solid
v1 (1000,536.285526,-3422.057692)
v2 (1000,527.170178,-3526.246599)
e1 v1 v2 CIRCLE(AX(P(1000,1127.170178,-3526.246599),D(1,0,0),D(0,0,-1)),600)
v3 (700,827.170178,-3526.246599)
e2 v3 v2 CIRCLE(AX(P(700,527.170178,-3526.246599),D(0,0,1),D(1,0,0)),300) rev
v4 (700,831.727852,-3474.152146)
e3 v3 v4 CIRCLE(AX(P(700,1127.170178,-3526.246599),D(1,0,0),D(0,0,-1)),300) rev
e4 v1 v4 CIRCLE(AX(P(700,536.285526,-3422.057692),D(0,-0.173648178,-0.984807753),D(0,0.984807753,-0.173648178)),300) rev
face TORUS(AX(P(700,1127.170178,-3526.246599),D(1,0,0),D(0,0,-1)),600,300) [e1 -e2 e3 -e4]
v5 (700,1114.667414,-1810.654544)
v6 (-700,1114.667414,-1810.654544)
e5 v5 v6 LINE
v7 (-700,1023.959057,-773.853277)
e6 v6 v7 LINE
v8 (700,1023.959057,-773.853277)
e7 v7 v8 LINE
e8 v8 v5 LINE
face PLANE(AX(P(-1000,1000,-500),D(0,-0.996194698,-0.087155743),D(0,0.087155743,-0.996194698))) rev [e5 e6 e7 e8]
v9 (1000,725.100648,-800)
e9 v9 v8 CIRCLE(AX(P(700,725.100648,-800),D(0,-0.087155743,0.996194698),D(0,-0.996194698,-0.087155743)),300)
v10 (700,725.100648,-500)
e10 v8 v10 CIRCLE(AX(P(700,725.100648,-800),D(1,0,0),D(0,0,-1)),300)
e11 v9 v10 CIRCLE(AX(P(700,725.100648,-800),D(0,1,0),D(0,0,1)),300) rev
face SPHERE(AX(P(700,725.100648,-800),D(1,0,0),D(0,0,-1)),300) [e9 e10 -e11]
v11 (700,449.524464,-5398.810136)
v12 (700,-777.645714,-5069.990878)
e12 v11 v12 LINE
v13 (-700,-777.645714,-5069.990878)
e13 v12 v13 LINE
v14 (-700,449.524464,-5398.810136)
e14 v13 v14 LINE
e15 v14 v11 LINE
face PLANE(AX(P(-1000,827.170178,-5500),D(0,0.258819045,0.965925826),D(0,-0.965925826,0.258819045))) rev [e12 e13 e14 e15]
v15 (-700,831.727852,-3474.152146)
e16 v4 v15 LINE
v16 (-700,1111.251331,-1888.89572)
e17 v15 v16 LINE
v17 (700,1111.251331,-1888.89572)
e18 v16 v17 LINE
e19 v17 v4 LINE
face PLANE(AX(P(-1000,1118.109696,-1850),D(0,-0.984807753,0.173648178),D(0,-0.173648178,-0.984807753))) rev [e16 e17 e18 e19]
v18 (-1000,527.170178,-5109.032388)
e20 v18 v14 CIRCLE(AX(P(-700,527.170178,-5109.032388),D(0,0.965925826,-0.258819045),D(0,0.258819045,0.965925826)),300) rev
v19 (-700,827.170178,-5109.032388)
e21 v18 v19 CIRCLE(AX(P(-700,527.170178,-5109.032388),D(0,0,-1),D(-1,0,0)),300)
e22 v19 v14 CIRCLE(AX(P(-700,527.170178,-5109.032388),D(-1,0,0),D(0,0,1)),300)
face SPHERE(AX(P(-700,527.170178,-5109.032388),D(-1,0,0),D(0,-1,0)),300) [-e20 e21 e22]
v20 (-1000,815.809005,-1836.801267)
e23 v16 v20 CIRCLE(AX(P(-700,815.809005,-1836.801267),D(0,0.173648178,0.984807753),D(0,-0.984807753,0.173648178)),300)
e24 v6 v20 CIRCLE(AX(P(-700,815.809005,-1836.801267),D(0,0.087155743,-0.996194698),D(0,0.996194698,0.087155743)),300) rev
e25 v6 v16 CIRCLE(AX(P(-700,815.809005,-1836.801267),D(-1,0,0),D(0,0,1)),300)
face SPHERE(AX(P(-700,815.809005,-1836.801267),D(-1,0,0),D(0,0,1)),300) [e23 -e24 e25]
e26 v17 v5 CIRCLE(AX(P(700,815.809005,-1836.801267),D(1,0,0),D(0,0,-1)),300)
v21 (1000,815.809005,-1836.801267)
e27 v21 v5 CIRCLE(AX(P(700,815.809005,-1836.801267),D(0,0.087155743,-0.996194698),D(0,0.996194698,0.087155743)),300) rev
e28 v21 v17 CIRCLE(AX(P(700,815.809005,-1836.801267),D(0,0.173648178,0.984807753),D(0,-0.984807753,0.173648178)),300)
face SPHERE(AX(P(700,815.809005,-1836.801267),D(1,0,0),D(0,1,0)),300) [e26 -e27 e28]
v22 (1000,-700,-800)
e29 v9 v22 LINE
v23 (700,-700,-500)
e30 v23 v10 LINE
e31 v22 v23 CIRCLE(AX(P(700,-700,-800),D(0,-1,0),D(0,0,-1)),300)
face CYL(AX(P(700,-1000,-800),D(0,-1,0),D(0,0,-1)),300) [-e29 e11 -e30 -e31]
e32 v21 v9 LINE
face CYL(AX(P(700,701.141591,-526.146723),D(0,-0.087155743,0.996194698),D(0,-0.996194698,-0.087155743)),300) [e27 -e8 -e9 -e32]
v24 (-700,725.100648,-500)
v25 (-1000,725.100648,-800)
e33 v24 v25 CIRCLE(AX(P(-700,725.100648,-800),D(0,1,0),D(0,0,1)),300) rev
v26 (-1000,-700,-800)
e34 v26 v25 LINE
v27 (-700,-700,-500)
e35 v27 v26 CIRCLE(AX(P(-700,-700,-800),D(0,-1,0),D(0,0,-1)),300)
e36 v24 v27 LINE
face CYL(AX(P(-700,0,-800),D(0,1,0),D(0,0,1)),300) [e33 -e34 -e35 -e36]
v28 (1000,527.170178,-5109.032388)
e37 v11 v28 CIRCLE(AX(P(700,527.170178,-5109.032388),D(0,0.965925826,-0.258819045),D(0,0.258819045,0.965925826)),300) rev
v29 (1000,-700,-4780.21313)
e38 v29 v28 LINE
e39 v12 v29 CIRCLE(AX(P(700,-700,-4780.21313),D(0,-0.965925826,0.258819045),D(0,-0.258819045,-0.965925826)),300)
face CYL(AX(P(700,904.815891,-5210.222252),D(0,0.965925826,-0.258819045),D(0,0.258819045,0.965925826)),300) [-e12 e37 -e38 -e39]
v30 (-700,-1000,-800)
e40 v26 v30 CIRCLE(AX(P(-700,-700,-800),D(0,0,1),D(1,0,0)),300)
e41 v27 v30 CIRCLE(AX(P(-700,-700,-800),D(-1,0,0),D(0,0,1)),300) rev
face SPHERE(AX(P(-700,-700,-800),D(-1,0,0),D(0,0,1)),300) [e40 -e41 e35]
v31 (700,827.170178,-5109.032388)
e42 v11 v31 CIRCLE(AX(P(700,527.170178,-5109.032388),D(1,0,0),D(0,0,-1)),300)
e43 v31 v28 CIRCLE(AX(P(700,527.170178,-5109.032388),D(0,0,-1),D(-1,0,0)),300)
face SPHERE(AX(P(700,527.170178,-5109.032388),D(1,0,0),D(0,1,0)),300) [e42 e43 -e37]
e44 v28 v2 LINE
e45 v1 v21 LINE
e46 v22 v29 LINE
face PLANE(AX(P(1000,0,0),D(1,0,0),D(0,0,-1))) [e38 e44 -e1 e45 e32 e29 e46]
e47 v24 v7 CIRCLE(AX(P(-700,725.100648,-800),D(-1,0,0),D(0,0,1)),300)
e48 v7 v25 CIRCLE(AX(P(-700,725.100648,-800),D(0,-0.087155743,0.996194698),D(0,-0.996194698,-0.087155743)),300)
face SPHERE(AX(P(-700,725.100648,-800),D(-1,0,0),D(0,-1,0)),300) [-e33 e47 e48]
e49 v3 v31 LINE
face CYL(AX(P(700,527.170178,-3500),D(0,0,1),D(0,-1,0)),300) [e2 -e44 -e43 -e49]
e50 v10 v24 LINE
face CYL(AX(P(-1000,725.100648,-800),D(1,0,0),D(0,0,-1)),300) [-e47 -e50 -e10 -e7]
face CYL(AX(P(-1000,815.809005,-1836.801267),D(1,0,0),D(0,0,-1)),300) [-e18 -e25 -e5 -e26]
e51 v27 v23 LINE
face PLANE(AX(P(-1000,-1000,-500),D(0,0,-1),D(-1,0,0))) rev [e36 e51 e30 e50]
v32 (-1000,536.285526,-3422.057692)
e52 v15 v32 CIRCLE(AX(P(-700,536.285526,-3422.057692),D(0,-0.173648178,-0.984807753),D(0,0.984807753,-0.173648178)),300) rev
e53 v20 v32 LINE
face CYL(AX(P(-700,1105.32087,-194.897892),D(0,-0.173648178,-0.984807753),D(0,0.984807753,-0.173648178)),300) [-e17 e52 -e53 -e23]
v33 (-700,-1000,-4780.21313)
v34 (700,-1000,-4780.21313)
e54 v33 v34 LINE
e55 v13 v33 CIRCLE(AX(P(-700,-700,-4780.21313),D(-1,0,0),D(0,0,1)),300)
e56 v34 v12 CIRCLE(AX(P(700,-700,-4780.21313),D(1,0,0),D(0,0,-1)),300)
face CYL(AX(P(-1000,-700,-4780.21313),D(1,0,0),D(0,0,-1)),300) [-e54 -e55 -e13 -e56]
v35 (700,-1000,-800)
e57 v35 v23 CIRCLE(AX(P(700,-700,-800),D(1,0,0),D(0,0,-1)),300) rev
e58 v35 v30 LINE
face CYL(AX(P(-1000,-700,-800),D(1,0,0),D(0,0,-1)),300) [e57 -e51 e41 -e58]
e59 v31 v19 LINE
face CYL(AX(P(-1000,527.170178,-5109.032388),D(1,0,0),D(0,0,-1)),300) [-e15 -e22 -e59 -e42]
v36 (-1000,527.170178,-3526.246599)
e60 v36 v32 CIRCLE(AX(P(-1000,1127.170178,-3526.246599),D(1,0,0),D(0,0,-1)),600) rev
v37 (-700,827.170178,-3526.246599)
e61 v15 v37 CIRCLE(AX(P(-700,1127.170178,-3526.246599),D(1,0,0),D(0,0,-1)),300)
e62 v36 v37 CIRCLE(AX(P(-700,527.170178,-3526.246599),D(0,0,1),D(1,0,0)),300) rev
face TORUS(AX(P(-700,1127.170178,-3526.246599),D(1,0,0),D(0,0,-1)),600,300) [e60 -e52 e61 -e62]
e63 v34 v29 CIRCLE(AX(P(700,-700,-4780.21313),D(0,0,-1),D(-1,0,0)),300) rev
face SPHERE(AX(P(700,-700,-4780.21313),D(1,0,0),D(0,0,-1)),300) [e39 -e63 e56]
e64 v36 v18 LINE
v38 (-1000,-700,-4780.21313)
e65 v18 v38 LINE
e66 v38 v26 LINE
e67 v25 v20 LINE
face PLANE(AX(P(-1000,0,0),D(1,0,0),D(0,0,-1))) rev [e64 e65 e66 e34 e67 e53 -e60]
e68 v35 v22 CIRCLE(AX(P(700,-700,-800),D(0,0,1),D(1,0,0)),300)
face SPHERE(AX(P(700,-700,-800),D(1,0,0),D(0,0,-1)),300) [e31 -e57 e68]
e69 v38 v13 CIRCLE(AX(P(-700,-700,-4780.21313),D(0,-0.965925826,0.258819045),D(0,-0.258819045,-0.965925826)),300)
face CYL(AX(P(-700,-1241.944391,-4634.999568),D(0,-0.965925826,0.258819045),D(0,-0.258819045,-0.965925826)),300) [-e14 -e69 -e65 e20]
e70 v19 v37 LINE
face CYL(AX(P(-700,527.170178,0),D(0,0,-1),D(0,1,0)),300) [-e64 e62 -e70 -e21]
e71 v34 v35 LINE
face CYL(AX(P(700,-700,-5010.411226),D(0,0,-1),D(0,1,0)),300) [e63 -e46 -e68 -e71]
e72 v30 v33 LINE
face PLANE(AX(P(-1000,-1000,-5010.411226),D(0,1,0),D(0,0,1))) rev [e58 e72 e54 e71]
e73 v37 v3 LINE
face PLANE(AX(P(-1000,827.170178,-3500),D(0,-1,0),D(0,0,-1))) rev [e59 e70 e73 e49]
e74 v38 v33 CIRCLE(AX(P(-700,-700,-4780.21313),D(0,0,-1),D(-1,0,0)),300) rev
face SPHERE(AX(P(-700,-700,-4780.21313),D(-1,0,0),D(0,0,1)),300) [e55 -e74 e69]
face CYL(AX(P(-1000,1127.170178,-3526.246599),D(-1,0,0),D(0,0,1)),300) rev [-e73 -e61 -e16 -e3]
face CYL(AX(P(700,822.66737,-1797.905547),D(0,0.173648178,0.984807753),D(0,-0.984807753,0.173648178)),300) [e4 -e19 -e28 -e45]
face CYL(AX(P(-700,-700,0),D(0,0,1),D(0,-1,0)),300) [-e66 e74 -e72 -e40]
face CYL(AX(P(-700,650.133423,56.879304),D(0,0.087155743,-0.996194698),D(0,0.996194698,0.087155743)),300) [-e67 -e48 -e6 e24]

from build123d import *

# Parameters (mm, degrees)
AUFSATZ_LINEAR_AUSTRAGEN1_DEPTH      = 1000
AUFSATZ_LINEAR_AUSTRAGEN1_DEPTH_BACK = 1000
VERRUNDUNG1_R                        = 300


with BuildPart() as part:
    # Skizze2 → Aufsatz-Linear austragen1 (new, two sides: drawn at the far end of the back side and taken through both)
    with BuildSketch(Plane(origin=(0, 0, 0), x_dir=(0, 0, -1), z_dir=(1, 0, 0)).offset(-AUFSATZ_LINEAR_AUSTRAGEN1_DEPTH_BACK)):
        Polygon((500, -1000), (500, 1000), (1850, 1118.10969576), (3500, 827.170177591), (5500, 827.170177591), (5010.41122648, -1000), align=None)
    extrude(amount=AUFSATZ_LINEAR_AUSTRAGEN1_DEPTH + AUFSATZ_LINEAR_AUSTRAGEN1_DEPTH_BACK)

    # Verrundung1
    verrundung1_edges = [part.edges().sort_by_distance(p)[0] for p in [
        (0, 1000, -500),
        (0, -1000, -500),
        (0, -1000, -5010.41122648),
        (0, 827.170177591, -5500),
        (0, 827.170177591, -3500),
        (0, 1118.10969576, -1850),
        (-1000, 827.170177591, -4500),
        (1000, 1059.05484788, -1175),
        (1000, 0, -500),
        (1000, -1000, -2755.20561324),
        (-1000, -86.414911204, -5255.20561324),
        (1000, -86.414911204, -5255.20561324),
        (1000, 827.170177591, -4500),
        (1000, 972.639936676, -2675),
        (-1000, -1000, -2755.20561324),
        (-1000, 0, -500),
        (-1000, 1059.05484788, -1175),
        (-1000, 972.639936676, -2675),
    ]]
    fillet(verrundung1_edges, radius=VERRUNDUNG1_R)


solid = part.part
